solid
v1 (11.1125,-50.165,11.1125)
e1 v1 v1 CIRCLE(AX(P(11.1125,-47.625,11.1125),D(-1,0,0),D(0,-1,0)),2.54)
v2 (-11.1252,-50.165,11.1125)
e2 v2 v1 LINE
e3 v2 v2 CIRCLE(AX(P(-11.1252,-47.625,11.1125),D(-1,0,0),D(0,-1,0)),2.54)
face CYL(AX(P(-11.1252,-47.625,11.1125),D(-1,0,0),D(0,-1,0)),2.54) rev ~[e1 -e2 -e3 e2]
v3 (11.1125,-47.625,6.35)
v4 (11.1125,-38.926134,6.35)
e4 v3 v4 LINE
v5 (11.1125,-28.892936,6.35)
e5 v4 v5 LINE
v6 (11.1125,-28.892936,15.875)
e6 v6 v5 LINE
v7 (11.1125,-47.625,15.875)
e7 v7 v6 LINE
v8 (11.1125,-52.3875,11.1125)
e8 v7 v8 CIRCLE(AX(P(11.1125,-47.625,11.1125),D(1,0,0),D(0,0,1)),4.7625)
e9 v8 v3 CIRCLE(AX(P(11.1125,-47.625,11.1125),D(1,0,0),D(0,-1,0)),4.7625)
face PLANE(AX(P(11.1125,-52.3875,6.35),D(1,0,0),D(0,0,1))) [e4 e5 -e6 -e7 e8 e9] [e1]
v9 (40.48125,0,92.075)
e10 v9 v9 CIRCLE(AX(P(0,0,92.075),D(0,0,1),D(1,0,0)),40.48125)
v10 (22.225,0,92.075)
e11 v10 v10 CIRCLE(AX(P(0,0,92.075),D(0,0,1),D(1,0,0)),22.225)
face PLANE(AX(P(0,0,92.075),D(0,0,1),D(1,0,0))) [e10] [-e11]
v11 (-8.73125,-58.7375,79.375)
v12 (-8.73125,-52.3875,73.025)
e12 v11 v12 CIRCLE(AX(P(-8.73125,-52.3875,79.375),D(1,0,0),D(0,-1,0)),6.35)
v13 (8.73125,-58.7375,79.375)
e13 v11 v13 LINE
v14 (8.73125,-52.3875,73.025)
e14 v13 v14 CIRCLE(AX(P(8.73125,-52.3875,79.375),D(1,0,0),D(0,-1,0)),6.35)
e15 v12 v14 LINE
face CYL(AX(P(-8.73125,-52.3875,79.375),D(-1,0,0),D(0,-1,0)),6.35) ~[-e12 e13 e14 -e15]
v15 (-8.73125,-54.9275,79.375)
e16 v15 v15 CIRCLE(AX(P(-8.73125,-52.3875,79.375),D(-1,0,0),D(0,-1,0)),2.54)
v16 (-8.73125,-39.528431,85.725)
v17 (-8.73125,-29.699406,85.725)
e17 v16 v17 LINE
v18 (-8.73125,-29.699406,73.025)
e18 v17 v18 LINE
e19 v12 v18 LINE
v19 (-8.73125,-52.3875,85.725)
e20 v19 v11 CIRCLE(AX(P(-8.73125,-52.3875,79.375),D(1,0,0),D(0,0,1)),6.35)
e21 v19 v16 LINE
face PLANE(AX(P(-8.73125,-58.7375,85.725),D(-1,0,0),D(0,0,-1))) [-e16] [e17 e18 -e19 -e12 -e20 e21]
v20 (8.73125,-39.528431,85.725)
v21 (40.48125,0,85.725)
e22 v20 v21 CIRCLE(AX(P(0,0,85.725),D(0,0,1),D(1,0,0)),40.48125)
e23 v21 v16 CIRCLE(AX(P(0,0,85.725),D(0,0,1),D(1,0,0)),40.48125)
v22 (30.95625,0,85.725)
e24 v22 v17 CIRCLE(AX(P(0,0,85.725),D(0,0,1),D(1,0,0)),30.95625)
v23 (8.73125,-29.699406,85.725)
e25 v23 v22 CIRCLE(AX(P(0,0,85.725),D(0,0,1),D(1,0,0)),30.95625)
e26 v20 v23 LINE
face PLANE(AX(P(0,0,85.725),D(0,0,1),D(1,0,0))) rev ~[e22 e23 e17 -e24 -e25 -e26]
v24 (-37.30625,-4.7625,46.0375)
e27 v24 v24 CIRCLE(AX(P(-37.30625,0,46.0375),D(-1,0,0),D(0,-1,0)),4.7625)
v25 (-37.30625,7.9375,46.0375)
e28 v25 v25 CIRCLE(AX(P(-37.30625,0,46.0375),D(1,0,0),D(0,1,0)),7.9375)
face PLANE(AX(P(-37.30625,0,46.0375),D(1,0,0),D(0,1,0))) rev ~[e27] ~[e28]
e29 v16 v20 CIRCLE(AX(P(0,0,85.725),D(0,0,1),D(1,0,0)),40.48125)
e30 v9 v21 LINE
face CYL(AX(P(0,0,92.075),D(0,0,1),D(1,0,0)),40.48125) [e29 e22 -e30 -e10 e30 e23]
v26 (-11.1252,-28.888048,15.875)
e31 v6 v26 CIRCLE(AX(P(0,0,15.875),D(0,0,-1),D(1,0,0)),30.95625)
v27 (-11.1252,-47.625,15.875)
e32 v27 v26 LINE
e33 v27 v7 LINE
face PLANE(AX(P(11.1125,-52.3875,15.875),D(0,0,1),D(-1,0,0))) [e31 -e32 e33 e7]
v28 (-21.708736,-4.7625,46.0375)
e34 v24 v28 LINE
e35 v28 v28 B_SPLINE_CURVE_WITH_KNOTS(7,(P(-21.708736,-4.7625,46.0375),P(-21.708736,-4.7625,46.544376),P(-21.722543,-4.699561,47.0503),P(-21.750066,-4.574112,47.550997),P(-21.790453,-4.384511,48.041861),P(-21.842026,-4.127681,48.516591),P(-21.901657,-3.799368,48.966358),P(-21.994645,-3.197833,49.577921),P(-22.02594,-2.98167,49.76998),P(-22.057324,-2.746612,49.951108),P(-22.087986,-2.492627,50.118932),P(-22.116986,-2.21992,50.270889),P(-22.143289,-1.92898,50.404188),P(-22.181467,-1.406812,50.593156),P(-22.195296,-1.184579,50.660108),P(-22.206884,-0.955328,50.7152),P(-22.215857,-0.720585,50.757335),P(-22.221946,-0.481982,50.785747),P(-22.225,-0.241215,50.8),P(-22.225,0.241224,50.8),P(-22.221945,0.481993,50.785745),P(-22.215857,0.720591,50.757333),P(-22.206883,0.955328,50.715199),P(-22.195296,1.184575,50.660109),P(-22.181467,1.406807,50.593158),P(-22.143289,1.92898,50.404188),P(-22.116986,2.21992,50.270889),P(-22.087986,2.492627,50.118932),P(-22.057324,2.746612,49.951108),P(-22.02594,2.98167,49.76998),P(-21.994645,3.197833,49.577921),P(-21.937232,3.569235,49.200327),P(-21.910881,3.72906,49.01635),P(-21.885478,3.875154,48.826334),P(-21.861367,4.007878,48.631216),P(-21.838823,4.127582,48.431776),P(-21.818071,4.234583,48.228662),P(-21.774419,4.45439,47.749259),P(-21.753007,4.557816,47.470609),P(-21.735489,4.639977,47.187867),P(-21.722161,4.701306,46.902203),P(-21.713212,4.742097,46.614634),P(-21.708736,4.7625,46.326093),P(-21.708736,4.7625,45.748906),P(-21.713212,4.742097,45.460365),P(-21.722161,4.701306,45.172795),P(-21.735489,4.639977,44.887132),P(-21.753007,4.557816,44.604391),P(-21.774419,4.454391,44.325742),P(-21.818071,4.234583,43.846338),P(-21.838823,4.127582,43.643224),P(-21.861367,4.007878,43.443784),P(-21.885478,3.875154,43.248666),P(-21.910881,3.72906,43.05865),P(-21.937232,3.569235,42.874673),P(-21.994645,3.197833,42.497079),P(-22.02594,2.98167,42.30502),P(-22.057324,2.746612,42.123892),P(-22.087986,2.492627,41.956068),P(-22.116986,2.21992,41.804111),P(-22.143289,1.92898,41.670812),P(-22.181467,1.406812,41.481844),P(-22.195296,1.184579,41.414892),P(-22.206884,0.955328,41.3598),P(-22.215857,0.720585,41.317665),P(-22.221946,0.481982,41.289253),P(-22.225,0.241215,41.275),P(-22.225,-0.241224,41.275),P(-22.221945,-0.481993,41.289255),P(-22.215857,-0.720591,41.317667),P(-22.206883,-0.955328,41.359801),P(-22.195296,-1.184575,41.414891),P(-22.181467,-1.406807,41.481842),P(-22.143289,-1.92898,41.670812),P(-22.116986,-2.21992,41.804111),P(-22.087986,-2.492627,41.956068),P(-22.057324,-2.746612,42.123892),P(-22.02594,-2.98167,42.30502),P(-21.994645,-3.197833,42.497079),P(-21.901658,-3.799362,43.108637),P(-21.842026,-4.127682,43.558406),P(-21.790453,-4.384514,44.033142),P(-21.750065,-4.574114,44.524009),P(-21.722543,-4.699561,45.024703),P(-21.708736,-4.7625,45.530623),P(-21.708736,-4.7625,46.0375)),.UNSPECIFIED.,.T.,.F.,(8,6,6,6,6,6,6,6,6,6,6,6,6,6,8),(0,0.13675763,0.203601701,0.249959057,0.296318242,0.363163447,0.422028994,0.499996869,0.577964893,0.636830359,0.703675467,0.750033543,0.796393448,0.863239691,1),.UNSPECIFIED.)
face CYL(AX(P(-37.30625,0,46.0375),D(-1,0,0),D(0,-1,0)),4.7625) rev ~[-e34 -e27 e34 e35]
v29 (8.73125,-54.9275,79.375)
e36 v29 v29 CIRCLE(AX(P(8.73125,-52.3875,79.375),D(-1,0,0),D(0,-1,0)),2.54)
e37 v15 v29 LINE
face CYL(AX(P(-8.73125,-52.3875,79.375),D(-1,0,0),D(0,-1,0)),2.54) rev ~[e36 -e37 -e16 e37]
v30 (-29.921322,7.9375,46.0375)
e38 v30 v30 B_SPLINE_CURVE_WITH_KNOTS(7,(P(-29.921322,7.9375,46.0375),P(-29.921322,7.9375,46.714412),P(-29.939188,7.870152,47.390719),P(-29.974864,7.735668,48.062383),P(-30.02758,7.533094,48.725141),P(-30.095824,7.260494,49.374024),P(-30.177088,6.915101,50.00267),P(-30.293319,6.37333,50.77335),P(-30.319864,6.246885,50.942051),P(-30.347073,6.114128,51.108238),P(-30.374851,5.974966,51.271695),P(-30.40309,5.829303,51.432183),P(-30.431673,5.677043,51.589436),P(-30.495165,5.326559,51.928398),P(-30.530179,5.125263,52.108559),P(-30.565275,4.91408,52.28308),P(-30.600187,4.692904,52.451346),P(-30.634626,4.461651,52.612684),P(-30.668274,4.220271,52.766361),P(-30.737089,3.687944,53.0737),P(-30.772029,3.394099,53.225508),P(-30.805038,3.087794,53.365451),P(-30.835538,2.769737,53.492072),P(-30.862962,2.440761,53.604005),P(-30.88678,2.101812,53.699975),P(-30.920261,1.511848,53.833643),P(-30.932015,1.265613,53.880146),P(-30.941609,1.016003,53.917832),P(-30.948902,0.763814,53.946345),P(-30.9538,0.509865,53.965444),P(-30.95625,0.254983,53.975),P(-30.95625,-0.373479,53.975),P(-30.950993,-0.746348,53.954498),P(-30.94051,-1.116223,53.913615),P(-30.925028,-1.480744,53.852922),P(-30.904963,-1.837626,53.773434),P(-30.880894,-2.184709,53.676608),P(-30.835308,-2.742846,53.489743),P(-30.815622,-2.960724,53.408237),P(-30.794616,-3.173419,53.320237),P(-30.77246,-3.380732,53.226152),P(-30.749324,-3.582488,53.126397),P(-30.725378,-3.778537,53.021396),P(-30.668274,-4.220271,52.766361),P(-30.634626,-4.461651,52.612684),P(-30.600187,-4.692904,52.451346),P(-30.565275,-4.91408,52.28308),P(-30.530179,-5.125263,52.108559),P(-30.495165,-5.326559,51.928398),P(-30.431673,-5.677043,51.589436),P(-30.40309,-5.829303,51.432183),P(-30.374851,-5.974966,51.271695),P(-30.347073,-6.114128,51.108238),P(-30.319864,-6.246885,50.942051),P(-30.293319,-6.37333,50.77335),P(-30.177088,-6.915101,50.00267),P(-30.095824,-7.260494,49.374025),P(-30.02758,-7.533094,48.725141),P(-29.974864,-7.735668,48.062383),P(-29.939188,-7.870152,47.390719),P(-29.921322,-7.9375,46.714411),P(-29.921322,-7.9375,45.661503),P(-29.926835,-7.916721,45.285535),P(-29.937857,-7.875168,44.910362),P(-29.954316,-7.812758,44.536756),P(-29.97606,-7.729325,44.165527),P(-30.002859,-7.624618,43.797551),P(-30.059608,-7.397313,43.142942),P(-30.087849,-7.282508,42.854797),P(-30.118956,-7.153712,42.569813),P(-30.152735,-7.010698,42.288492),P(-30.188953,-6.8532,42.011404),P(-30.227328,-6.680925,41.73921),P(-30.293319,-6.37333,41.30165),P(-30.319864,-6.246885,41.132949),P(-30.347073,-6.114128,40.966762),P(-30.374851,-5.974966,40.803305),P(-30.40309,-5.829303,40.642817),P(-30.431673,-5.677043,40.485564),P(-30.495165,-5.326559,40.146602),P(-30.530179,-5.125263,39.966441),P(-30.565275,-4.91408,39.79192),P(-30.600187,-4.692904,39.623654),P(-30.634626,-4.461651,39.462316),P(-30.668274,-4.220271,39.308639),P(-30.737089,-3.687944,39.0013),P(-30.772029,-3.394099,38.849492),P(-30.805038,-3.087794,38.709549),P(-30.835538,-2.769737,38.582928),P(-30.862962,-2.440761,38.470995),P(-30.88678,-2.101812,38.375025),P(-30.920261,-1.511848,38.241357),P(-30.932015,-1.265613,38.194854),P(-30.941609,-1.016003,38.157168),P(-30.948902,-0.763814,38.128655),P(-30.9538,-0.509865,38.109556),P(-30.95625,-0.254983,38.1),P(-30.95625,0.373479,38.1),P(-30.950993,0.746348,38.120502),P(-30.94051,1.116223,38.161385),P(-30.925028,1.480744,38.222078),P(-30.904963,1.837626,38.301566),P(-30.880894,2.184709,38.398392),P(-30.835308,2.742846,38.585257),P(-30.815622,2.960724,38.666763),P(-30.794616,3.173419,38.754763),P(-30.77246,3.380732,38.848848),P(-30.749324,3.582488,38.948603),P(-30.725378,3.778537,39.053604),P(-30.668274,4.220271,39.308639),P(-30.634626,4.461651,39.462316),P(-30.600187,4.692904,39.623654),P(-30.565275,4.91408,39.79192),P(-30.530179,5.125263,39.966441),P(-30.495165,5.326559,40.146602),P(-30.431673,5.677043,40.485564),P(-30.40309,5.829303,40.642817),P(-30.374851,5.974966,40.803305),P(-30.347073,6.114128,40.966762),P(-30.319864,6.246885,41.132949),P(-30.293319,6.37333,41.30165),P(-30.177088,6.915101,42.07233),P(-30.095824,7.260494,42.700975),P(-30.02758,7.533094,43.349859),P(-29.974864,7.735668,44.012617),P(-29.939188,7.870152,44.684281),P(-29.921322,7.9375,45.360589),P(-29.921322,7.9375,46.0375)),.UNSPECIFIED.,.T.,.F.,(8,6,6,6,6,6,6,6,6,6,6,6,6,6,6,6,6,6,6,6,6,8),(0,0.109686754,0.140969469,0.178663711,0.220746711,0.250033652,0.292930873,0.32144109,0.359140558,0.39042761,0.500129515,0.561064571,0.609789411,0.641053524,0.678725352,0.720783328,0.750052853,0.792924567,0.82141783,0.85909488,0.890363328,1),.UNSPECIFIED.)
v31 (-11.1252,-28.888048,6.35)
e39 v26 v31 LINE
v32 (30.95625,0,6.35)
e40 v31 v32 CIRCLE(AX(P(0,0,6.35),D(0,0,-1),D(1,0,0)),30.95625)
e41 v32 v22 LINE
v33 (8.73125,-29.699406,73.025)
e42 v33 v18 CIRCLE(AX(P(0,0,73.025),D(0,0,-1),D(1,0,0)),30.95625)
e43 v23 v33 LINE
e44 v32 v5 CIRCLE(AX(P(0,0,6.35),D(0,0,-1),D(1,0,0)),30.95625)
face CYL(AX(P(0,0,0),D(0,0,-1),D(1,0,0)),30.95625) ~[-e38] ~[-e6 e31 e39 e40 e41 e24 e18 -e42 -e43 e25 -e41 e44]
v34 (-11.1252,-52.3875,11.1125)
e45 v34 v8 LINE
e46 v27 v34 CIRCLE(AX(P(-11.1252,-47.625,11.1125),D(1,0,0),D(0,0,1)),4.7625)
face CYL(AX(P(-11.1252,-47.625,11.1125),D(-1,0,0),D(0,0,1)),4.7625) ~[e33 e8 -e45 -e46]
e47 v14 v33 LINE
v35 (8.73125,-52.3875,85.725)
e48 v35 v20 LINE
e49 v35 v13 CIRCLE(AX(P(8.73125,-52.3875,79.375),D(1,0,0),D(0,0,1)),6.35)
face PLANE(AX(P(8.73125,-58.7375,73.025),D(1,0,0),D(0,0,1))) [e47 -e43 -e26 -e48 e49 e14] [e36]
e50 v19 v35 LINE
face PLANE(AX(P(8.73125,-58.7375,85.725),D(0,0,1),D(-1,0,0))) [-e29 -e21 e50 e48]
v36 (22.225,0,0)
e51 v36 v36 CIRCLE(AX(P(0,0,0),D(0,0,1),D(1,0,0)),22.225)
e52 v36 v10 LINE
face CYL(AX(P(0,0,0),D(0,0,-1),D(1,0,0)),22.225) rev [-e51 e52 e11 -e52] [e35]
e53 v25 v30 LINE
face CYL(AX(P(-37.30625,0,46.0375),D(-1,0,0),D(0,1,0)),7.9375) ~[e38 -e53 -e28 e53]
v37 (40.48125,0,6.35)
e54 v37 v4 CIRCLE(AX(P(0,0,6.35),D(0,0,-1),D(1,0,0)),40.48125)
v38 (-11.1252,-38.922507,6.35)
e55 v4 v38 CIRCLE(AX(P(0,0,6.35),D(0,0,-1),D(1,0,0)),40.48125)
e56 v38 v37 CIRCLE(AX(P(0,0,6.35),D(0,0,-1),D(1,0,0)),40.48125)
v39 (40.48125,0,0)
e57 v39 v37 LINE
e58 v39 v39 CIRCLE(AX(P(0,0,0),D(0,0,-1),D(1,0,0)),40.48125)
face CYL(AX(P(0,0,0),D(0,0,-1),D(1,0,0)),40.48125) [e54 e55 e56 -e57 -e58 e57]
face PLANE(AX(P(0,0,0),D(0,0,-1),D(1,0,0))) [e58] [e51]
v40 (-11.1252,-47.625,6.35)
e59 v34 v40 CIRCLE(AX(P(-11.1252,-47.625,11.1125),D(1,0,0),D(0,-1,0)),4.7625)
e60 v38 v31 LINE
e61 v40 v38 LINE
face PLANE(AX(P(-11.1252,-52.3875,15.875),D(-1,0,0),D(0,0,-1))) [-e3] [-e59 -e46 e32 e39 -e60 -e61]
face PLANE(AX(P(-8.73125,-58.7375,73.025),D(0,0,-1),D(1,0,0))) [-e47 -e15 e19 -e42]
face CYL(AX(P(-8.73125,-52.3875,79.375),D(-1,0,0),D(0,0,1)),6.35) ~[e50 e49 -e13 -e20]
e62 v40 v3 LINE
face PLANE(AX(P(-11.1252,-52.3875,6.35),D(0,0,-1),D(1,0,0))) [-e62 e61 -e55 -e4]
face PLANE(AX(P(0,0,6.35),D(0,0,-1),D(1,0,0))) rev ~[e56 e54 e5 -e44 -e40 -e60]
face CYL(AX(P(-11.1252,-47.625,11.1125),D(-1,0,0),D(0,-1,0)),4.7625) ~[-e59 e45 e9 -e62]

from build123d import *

# Parameters (mm, degrees)
F0_R      = 30.95625
F0_R_2    = 22.225
F1_DEPTH  = 92.075
F2_R      = 40.48125
F2_R_2    = 30.95625
F3_DEPTH  = 6.35
F4_R      = 40.48125
F4_R_2    = 30.95625
F5_DEPTH  = 6.35
F13_R     = 7.9375
F15_R     = 2.54
F16_DEPTH = 17.4625
F17_R     = 2.54
F18_DEPTH = 22.2377
F19_R     = 4.7625
F20_DEPTH = 16.002


with BuildPart() as f1:
    # F0 (on Top) → F1 (new body)
    with BuildSketch(Plane.XY):
        Circle(F0_R)
        Circle(F0_R_2, mode=Mode.SUBTRACT)
    extrude(amount=F1_DEPTH)

    # F2 (on face) → F3 (join)
    with BuildSketch(Plane.XY.offset(92.075)):
        Circle(F2_R)
        Circle(F2_R_2, mode=Mode.SUBTRACT)
    extrude(amount=-F3_DEPTH)

    # F4 (on face) → F5 (join)
    with BuildSketch(Plane(origin=(0, 0, 0), x_dir=(1, 0, 0), z_dir=(0, 0, -1))):
        Circle(F4_R)
        Circle(F4_R_2, mode=Mode.SUBTRACT)
    extrude(amount=-F5_DEPTH)

    # F7 (on offset) → F8 (join, up to the next surface of F1)
    with BuildSketch(Plane.XZ.offset(58.7375)):
        Polygon((-8.73125, 73.025), (0, 73.025), (8.73125, 73.025), (8.73125, 85.725), (-8.73125, 85.725), align=None)
    extrude(until=Until.NEXT, dir=(0, 1, 0))

    # F10 (on offset) → F11 (join, up to the next surface of F1)
    with BuildSketch(Plane.XZ.offset(52.3875)):
        Polygon((11.1125, 15.875), (0, 15.875), (-11.1252, 15.875), (-11.1252, 6.35), (11.1125, 6.35), align=None)
    extrude(until=Until.NEXT, dir=(0, 1, 0))

    # F13 (on offset) → F14 (join, up to the next surface of F1)
    with BuildSketch(Plane.YZ.offset(-37.30625)):
        with Locations((0, 46.0375)):
            Circle(F13_R)
    extrude(until=Until.NEXT)

    # F15 (on face) → F16 (cut, through all)
    with BuildSketch(Plane(origin=(-8.73125, 0, 0), x_dir=(0, -1, 0), z_dir=(-1, 0, 0))):
        with BuildLine():
            ThreePointArc((52.3874999998, 85.725), (56.8776280605, 83.8651280606), (58.7375, 79.375))
            Line((58.7375, 79.375), (58.7375, 85.725))
            Line((58.7374999992, 85.725), (52.3874999994, 85.725))
        make_face()
        with BuildLine():
            ThreePointArc((58.7375, 79.375), (56.8776280605, 74.8848719394), (52.3874999998, 73.025))
            Line((52.3874999994, 73.025), (58.7374999992, 73.025))
            Line((58.7375, 73.025), (58.7375, 79.375))
        make_face()
        with Locations((52.3875, 79.375)):
            Circle(F15_R)
    extrude(amount=-F16_DEPTH, mode=Mode.SUBTRACT)

    # F17 (on face) → F18 (cut, through all)
    with BuildSketch(Plane(origin=(-11.1252, 0, 0), x_dir=(0, -1, 0), z_dir=(-1, 0, 0))):
        with BuildLine():
            ThreePointArc((47.6249999998, 15.875), (50.9925960453, 14.4800960455), (52.3875, 11.1125))
            Line((52.3875, 11.1125), (52.3875, 15.875))
            Line((52.3874999992, 15.875), (47.6249999994, 15.875))
        make_face()
        with BuildLine():
            ThreePointArc((52.3875, 11.1125), (50.9925960453, 7.7449039545), (47.6249999998, 6.35))
            Line((47.6249999994, 6.35), (52.3874999992, 6.35))
            Line((52.3875, 6.35), (52.3875, 11.1125))
        make_face()
        with Locations((47.625, 11.1125)):
            Circle(F17_R)
    extrude(amount=-F18_DEPTH, mode=Mode.SUBTRACT)

    # F19 (on face) → F20 (cut)
    with BuildSketch(Plane(origin=(-37.30625, 0, 0), x_dir=(0, -1, 0), z_dir=(-1, 0, 0))):
        with Locations((0, 46.0375)):
            Circle(F19_R)
    extrude(amount=-F20_DEPTH, mode=Mode.SUBTRACT)


solid = f1.part
